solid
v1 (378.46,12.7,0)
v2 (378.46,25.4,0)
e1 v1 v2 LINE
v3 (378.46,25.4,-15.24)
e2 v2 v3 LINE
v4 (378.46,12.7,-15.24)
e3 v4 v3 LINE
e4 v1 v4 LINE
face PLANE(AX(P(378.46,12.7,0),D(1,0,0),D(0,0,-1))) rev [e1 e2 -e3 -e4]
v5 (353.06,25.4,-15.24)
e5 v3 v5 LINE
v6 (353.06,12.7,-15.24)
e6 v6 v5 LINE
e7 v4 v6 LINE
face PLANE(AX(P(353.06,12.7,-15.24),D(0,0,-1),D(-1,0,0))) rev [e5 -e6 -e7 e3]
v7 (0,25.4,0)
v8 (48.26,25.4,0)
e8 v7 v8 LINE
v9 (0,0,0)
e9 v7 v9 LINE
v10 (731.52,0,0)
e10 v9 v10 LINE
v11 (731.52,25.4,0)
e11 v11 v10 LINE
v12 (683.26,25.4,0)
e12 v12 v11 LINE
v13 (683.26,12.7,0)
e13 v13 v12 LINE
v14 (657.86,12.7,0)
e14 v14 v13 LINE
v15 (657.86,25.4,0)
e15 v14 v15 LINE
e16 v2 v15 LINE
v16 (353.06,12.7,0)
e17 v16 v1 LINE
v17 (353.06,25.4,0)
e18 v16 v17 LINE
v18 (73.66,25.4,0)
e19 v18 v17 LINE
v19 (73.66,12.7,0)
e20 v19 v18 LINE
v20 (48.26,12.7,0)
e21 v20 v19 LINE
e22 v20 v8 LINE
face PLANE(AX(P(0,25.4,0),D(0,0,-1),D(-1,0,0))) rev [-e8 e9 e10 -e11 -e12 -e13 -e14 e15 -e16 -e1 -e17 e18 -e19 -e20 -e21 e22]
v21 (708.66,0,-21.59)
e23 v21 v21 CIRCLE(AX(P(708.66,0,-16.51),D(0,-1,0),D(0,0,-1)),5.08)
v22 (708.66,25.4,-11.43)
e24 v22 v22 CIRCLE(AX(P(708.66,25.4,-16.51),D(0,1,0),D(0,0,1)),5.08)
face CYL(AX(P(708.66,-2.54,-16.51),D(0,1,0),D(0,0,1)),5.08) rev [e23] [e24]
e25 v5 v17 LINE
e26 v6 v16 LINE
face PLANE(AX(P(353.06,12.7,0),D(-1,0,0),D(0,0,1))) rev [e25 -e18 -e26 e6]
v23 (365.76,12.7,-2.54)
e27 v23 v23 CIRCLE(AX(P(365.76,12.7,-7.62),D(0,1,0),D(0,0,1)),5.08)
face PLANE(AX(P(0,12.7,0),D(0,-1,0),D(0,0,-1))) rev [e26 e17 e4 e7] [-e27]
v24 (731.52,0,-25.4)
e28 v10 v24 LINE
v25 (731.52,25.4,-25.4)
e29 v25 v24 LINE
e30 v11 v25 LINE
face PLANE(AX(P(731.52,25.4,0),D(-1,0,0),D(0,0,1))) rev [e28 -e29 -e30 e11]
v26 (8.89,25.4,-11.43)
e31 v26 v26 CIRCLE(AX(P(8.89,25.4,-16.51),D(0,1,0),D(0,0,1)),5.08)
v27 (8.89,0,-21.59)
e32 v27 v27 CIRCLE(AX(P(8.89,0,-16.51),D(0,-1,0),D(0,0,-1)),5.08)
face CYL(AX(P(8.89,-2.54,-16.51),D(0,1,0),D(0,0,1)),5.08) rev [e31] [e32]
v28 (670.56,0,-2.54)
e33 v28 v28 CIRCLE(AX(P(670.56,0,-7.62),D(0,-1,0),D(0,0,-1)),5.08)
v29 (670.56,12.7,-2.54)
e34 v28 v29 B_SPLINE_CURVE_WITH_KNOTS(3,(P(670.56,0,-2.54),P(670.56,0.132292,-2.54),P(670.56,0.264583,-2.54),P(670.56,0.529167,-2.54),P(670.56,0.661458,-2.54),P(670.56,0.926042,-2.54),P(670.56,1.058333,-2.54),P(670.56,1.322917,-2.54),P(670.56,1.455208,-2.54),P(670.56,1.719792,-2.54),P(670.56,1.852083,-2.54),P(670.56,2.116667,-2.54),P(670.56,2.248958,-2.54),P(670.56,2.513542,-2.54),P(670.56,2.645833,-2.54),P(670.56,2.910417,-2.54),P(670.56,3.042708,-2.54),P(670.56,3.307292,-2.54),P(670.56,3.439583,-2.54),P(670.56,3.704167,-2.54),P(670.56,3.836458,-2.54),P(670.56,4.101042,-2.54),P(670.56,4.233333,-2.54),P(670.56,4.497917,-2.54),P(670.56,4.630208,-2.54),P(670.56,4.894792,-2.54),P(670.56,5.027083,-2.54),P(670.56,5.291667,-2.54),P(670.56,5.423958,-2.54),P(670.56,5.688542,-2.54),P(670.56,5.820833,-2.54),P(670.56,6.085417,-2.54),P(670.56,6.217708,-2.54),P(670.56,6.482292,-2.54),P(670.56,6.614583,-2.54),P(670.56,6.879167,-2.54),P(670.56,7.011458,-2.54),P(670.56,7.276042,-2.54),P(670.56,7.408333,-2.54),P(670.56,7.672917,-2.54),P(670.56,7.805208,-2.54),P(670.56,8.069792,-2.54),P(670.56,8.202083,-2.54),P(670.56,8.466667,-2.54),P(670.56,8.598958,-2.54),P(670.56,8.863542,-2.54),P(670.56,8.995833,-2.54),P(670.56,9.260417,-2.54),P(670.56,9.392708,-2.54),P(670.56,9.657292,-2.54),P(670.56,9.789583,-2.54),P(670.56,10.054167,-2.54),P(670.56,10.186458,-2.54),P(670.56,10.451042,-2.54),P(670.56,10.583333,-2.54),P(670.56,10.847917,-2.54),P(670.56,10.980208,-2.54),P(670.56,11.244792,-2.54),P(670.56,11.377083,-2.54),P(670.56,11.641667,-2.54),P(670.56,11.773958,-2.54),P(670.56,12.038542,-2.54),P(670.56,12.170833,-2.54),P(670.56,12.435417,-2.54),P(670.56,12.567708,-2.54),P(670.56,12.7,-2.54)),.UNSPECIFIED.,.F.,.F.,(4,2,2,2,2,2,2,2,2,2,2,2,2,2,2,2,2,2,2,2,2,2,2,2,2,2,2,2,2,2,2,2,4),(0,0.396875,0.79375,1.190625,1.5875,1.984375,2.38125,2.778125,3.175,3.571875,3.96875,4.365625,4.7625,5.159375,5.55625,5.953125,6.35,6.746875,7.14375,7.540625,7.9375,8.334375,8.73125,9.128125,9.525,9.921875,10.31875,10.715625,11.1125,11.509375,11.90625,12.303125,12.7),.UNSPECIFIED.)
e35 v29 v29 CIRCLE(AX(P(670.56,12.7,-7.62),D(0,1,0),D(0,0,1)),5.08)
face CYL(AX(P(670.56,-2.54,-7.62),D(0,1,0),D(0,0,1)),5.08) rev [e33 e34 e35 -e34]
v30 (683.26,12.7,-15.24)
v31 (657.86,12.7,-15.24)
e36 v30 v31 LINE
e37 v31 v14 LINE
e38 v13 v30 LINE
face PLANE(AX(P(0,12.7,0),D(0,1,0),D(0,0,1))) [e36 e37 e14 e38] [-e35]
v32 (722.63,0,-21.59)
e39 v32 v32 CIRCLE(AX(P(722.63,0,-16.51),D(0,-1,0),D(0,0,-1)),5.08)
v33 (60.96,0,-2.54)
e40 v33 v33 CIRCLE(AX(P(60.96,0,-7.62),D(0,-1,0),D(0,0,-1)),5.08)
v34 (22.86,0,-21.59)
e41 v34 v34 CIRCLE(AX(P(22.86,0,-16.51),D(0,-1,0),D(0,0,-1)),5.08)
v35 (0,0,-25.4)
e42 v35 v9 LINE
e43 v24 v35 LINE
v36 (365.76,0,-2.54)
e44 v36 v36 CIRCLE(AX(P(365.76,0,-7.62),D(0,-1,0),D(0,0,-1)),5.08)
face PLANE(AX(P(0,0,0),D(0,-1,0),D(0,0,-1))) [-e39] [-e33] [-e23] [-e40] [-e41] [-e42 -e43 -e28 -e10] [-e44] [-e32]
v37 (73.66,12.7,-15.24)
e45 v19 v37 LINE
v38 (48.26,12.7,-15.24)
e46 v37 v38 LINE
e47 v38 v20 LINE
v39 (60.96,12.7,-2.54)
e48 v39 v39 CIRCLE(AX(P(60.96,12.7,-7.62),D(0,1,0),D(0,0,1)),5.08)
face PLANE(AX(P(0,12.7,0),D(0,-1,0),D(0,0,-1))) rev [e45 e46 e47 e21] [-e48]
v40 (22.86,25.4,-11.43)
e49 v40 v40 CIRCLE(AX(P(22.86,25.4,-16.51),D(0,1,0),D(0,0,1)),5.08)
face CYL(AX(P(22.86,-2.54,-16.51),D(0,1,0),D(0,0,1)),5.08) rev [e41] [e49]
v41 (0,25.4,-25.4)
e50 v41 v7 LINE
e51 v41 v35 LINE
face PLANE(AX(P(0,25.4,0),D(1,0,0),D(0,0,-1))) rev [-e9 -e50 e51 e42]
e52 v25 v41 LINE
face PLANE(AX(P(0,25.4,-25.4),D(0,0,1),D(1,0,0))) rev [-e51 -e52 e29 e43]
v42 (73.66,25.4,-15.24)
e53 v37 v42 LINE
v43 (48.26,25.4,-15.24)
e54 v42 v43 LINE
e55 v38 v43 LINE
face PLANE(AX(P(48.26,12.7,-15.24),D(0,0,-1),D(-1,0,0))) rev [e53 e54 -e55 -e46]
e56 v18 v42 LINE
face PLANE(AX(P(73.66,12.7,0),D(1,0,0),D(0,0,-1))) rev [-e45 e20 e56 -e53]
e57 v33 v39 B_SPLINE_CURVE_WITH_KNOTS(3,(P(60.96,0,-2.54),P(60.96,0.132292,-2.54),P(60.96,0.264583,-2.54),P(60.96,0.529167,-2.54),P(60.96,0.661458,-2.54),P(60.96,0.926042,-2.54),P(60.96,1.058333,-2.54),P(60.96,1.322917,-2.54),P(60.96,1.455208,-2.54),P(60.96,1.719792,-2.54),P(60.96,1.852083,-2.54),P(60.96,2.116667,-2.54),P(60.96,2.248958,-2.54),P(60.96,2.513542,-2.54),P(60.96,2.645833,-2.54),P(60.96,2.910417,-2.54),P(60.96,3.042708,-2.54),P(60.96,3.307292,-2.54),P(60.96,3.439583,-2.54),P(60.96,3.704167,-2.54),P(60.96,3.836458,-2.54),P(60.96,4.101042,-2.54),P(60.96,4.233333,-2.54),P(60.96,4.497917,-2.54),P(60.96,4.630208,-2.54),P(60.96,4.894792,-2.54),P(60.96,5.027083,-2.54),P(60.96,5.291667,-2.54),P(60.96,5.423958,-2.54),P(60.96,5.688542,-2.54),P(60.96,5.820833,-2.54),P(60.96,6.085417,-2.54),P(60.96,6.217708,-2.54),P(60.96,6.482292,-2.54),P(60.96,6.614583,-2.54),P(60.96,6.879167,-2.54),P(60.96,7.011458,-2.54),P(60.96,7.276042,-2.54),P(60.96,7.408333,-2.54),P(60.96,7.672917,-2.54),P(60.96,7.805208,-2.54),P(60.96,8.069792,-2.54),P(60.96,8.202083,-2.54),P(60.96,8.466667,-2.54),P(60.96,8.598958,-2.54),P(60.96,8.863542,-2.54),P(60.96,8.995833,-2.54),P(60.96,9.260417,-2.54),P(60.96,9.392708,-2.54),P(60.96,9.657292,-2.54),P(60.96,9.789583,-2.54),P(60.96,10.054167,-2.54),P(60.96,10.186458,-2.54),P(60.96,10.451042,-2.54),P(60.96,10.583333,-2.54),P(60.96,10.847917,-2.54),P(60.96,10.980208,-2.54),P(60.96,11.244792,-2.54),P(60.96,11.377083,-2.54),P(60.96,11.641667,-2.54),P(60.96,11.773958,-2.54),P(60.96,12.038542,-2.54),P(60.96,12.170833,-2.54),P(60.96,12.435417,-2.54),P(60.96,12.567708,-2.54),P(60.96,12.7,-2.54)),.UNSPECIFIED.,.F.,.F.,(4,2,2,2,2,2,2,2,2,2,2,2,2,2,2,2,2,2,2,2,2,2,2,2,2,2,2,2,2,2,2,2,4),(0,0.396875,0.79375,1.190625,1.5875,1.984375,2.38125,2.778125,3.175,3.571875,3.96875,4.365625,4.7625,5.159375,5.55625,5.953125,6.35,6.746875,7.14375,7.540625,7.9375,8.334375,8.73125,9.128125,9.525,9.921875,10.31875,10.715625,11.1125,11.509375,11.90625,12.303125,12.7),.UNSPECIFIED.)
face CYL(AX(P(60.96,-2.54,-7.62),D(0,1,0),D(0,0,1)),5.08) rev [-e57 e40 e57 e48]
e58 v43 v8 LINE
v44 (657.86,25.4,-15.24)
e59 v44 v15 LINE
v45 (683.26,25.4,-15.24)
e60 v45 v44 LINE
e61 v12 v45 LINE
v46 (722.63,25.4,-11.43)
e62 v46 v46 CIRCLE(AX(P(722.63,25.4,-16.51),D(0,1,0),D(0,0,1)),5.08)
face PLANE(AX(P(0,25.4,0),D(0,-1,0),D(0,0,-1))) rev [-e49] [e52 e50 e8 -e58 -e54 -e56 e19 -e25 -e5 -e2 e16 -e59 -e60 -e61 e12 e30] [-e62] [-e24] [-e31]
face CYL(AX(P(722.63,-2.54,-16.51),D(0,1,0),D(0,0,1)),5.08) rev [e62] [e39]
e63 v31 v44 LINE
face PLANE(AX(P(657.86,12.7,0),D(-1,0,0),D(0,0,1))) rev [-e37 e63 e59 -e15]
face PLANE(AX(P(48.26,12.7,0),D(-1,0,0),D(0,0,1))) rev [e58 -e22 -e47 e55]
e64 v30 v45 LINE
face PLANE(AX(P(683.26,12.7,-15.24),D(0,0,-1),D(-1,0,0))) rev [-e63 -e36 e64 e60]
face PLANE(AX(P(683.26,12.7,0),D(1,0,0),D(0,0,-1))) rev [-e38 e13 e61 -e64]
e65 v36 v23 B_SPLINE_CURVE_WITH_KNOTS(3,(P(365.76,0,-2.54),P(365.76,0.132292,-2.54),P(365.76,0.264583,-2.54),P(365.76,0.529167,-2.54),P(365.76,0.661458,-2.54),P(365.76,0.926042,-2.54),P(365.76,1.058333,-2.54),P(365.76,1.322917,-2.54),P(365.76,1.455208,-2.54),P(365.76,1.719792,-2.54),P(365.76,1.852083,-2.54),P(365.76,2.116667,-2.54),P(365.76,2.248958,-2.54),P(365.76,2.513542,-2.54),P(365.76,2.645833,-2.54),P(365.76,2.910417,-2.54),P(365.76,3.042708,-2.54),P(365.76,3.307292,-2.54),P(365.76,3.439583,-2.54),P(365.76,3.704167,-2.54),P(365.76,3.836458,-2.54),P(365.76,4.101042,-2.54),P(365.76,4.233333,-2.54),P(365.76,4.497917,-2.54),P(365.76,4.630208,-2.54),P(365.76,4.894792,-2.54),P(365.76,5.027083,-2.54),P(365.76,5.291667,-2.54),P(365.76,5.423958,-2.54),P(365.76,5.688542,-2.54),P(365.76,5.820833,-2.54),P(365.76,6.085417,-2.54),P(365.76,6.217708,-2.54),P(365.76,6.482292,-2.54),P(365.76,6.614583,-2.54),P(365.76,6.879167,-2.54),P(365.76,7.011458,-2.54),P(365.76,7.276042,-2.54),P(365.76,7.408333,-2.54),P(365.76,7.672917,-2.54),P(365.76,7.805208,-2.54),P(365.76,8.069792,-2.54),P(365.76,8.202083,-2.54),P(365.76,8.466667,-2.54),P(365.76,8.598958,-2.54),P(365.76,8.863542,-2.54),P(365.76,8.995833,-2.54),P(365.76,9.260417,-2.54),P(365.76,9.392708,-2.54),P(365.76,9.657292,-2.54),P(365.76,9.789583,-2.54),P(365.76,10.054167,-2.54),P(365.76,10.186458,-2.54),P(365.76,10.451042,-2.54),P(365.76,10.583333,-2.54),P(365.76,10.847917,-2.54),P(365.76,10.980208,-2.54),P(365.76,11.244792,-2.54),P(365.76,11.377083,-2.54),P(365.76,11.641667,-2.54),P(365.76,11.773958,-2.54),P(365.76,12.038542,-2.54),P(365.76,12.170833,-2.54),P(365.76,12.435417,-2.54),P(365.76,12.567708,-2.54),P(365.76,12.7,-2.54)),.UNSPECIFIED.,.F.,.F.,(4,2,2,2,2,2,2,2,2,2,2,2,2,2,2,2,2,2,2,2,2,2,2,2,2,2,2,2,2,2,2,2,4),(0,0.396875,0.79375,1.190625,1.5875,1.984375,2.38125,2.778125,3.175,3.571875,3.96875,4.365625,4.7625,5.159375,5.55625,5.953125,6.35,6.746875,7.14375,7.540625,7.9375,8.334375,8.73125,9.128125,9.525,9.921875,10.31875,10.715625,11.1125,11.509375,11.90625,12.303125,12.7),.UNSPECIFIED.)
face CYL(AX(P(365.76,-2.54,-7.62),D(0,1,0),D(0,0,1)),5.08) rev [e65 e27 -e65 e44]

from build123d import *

# Parameters (mm, degrees)
SKETCH1_W           = 731.52
SKETCH1_H           = 25.4
BOSS_EXTRUDE1_DEPTH = 25.4
SKETCH2_R           = 5.08
CUT_EXTRUDE1_DEPTH  = 27.94
SKETCH3_W           = 25.4
SKETCH3_H           = 15.24
CUT_EXTRUDE2_DEPTH  = 12.7
SKETCH4_R           = 5.08
CUT_EXTRUDE3_DEPTH  = 15.24


with BuildPart() as part:
    # Sketch1 → Boss-Extrude1 (new body)
    with BuildSketch(Plane(origin=(0, 0, 0), x_dir=(1, 0, 0), z_dir=(0, 1, 0))):
        with Locations((365.76, 12.7)):
            Rectangle(SKETCH1_W, SKETCH1_H)
    extrude(amount=BOSS_EXTRUDE1_DEPTH)

    # Sketch2 → Cut-Extrude1 (cut)
    with BuildSketch(Plane(origin=(0, 25.4, 0), x_dir=(1, 0, 0), z_dir=(0, 1, 0))):
        with Locations(Location((8.89, 16.51, 0), (0, 0, 270))):
            Circle(SKETCH2_R)
        with Locations(Location((22.86, 16.51, 0), (0, 0, 270))):
            Circle(SKETCH2_R)
        with Locations(Location((722.63, 16.51, 0), (0, 0, 270))):
            Circle(SKETCH2_R)
        with Locations(Location((708.66, 16.51, 0), (0, 0, 270))):
            Circle(SKETCH2_R)
    extrude(amount=-CUT_EXTRUDE1_DEPTH, mode=Mode.SUBTRACT)

    # Sketch3 → Cut-Extrude2 (cut)
    with BuildSketch(Plane(origin=(0, 25.4, 0), x_dir=(1, 0, 0), z_dir=(0, 1, 0))):
        with Locations((60.96, 7.62)):
            Rectangle(SKETCH3_W, SKETCH3_H)
        with Locations((670.56, 7.62)):
            Rectangle(SKETCH3_W, SKETCH3_H)
        with Locations((365.76, 7.62)):
            Rectangle(SKETCH3_W, SKETCH3_H)
    extrude(amount=-CUT_EXTRUDE2_DEPTH, mode=Mode.SUBTRACT)

    # Sketch4 → Cut-Extrude3 (cut)
    with BuildSketch(Plane(origin=(0, 12.7, 0), x_dir=(1, 0, 0), z_dir=(0, 1, 0))):
        with Locations(Location((60.96, 7.62, 0), (0, 0, 270))):
            Circle(SKETCH4_R)
        with Locations(Location((670.56, 7.62, 0), (0, 0, 270))):
            Circle(SKETCH4_R)
        with Locations(Location((365.76, 7.62, 0), (0, 0, 270))):
            Circle(SKETCH4_R)
    extrude(amount=-CUT_EXTRUDE3_DEPTH, mode=Mode.SUBTRACT)


solid = part.part
